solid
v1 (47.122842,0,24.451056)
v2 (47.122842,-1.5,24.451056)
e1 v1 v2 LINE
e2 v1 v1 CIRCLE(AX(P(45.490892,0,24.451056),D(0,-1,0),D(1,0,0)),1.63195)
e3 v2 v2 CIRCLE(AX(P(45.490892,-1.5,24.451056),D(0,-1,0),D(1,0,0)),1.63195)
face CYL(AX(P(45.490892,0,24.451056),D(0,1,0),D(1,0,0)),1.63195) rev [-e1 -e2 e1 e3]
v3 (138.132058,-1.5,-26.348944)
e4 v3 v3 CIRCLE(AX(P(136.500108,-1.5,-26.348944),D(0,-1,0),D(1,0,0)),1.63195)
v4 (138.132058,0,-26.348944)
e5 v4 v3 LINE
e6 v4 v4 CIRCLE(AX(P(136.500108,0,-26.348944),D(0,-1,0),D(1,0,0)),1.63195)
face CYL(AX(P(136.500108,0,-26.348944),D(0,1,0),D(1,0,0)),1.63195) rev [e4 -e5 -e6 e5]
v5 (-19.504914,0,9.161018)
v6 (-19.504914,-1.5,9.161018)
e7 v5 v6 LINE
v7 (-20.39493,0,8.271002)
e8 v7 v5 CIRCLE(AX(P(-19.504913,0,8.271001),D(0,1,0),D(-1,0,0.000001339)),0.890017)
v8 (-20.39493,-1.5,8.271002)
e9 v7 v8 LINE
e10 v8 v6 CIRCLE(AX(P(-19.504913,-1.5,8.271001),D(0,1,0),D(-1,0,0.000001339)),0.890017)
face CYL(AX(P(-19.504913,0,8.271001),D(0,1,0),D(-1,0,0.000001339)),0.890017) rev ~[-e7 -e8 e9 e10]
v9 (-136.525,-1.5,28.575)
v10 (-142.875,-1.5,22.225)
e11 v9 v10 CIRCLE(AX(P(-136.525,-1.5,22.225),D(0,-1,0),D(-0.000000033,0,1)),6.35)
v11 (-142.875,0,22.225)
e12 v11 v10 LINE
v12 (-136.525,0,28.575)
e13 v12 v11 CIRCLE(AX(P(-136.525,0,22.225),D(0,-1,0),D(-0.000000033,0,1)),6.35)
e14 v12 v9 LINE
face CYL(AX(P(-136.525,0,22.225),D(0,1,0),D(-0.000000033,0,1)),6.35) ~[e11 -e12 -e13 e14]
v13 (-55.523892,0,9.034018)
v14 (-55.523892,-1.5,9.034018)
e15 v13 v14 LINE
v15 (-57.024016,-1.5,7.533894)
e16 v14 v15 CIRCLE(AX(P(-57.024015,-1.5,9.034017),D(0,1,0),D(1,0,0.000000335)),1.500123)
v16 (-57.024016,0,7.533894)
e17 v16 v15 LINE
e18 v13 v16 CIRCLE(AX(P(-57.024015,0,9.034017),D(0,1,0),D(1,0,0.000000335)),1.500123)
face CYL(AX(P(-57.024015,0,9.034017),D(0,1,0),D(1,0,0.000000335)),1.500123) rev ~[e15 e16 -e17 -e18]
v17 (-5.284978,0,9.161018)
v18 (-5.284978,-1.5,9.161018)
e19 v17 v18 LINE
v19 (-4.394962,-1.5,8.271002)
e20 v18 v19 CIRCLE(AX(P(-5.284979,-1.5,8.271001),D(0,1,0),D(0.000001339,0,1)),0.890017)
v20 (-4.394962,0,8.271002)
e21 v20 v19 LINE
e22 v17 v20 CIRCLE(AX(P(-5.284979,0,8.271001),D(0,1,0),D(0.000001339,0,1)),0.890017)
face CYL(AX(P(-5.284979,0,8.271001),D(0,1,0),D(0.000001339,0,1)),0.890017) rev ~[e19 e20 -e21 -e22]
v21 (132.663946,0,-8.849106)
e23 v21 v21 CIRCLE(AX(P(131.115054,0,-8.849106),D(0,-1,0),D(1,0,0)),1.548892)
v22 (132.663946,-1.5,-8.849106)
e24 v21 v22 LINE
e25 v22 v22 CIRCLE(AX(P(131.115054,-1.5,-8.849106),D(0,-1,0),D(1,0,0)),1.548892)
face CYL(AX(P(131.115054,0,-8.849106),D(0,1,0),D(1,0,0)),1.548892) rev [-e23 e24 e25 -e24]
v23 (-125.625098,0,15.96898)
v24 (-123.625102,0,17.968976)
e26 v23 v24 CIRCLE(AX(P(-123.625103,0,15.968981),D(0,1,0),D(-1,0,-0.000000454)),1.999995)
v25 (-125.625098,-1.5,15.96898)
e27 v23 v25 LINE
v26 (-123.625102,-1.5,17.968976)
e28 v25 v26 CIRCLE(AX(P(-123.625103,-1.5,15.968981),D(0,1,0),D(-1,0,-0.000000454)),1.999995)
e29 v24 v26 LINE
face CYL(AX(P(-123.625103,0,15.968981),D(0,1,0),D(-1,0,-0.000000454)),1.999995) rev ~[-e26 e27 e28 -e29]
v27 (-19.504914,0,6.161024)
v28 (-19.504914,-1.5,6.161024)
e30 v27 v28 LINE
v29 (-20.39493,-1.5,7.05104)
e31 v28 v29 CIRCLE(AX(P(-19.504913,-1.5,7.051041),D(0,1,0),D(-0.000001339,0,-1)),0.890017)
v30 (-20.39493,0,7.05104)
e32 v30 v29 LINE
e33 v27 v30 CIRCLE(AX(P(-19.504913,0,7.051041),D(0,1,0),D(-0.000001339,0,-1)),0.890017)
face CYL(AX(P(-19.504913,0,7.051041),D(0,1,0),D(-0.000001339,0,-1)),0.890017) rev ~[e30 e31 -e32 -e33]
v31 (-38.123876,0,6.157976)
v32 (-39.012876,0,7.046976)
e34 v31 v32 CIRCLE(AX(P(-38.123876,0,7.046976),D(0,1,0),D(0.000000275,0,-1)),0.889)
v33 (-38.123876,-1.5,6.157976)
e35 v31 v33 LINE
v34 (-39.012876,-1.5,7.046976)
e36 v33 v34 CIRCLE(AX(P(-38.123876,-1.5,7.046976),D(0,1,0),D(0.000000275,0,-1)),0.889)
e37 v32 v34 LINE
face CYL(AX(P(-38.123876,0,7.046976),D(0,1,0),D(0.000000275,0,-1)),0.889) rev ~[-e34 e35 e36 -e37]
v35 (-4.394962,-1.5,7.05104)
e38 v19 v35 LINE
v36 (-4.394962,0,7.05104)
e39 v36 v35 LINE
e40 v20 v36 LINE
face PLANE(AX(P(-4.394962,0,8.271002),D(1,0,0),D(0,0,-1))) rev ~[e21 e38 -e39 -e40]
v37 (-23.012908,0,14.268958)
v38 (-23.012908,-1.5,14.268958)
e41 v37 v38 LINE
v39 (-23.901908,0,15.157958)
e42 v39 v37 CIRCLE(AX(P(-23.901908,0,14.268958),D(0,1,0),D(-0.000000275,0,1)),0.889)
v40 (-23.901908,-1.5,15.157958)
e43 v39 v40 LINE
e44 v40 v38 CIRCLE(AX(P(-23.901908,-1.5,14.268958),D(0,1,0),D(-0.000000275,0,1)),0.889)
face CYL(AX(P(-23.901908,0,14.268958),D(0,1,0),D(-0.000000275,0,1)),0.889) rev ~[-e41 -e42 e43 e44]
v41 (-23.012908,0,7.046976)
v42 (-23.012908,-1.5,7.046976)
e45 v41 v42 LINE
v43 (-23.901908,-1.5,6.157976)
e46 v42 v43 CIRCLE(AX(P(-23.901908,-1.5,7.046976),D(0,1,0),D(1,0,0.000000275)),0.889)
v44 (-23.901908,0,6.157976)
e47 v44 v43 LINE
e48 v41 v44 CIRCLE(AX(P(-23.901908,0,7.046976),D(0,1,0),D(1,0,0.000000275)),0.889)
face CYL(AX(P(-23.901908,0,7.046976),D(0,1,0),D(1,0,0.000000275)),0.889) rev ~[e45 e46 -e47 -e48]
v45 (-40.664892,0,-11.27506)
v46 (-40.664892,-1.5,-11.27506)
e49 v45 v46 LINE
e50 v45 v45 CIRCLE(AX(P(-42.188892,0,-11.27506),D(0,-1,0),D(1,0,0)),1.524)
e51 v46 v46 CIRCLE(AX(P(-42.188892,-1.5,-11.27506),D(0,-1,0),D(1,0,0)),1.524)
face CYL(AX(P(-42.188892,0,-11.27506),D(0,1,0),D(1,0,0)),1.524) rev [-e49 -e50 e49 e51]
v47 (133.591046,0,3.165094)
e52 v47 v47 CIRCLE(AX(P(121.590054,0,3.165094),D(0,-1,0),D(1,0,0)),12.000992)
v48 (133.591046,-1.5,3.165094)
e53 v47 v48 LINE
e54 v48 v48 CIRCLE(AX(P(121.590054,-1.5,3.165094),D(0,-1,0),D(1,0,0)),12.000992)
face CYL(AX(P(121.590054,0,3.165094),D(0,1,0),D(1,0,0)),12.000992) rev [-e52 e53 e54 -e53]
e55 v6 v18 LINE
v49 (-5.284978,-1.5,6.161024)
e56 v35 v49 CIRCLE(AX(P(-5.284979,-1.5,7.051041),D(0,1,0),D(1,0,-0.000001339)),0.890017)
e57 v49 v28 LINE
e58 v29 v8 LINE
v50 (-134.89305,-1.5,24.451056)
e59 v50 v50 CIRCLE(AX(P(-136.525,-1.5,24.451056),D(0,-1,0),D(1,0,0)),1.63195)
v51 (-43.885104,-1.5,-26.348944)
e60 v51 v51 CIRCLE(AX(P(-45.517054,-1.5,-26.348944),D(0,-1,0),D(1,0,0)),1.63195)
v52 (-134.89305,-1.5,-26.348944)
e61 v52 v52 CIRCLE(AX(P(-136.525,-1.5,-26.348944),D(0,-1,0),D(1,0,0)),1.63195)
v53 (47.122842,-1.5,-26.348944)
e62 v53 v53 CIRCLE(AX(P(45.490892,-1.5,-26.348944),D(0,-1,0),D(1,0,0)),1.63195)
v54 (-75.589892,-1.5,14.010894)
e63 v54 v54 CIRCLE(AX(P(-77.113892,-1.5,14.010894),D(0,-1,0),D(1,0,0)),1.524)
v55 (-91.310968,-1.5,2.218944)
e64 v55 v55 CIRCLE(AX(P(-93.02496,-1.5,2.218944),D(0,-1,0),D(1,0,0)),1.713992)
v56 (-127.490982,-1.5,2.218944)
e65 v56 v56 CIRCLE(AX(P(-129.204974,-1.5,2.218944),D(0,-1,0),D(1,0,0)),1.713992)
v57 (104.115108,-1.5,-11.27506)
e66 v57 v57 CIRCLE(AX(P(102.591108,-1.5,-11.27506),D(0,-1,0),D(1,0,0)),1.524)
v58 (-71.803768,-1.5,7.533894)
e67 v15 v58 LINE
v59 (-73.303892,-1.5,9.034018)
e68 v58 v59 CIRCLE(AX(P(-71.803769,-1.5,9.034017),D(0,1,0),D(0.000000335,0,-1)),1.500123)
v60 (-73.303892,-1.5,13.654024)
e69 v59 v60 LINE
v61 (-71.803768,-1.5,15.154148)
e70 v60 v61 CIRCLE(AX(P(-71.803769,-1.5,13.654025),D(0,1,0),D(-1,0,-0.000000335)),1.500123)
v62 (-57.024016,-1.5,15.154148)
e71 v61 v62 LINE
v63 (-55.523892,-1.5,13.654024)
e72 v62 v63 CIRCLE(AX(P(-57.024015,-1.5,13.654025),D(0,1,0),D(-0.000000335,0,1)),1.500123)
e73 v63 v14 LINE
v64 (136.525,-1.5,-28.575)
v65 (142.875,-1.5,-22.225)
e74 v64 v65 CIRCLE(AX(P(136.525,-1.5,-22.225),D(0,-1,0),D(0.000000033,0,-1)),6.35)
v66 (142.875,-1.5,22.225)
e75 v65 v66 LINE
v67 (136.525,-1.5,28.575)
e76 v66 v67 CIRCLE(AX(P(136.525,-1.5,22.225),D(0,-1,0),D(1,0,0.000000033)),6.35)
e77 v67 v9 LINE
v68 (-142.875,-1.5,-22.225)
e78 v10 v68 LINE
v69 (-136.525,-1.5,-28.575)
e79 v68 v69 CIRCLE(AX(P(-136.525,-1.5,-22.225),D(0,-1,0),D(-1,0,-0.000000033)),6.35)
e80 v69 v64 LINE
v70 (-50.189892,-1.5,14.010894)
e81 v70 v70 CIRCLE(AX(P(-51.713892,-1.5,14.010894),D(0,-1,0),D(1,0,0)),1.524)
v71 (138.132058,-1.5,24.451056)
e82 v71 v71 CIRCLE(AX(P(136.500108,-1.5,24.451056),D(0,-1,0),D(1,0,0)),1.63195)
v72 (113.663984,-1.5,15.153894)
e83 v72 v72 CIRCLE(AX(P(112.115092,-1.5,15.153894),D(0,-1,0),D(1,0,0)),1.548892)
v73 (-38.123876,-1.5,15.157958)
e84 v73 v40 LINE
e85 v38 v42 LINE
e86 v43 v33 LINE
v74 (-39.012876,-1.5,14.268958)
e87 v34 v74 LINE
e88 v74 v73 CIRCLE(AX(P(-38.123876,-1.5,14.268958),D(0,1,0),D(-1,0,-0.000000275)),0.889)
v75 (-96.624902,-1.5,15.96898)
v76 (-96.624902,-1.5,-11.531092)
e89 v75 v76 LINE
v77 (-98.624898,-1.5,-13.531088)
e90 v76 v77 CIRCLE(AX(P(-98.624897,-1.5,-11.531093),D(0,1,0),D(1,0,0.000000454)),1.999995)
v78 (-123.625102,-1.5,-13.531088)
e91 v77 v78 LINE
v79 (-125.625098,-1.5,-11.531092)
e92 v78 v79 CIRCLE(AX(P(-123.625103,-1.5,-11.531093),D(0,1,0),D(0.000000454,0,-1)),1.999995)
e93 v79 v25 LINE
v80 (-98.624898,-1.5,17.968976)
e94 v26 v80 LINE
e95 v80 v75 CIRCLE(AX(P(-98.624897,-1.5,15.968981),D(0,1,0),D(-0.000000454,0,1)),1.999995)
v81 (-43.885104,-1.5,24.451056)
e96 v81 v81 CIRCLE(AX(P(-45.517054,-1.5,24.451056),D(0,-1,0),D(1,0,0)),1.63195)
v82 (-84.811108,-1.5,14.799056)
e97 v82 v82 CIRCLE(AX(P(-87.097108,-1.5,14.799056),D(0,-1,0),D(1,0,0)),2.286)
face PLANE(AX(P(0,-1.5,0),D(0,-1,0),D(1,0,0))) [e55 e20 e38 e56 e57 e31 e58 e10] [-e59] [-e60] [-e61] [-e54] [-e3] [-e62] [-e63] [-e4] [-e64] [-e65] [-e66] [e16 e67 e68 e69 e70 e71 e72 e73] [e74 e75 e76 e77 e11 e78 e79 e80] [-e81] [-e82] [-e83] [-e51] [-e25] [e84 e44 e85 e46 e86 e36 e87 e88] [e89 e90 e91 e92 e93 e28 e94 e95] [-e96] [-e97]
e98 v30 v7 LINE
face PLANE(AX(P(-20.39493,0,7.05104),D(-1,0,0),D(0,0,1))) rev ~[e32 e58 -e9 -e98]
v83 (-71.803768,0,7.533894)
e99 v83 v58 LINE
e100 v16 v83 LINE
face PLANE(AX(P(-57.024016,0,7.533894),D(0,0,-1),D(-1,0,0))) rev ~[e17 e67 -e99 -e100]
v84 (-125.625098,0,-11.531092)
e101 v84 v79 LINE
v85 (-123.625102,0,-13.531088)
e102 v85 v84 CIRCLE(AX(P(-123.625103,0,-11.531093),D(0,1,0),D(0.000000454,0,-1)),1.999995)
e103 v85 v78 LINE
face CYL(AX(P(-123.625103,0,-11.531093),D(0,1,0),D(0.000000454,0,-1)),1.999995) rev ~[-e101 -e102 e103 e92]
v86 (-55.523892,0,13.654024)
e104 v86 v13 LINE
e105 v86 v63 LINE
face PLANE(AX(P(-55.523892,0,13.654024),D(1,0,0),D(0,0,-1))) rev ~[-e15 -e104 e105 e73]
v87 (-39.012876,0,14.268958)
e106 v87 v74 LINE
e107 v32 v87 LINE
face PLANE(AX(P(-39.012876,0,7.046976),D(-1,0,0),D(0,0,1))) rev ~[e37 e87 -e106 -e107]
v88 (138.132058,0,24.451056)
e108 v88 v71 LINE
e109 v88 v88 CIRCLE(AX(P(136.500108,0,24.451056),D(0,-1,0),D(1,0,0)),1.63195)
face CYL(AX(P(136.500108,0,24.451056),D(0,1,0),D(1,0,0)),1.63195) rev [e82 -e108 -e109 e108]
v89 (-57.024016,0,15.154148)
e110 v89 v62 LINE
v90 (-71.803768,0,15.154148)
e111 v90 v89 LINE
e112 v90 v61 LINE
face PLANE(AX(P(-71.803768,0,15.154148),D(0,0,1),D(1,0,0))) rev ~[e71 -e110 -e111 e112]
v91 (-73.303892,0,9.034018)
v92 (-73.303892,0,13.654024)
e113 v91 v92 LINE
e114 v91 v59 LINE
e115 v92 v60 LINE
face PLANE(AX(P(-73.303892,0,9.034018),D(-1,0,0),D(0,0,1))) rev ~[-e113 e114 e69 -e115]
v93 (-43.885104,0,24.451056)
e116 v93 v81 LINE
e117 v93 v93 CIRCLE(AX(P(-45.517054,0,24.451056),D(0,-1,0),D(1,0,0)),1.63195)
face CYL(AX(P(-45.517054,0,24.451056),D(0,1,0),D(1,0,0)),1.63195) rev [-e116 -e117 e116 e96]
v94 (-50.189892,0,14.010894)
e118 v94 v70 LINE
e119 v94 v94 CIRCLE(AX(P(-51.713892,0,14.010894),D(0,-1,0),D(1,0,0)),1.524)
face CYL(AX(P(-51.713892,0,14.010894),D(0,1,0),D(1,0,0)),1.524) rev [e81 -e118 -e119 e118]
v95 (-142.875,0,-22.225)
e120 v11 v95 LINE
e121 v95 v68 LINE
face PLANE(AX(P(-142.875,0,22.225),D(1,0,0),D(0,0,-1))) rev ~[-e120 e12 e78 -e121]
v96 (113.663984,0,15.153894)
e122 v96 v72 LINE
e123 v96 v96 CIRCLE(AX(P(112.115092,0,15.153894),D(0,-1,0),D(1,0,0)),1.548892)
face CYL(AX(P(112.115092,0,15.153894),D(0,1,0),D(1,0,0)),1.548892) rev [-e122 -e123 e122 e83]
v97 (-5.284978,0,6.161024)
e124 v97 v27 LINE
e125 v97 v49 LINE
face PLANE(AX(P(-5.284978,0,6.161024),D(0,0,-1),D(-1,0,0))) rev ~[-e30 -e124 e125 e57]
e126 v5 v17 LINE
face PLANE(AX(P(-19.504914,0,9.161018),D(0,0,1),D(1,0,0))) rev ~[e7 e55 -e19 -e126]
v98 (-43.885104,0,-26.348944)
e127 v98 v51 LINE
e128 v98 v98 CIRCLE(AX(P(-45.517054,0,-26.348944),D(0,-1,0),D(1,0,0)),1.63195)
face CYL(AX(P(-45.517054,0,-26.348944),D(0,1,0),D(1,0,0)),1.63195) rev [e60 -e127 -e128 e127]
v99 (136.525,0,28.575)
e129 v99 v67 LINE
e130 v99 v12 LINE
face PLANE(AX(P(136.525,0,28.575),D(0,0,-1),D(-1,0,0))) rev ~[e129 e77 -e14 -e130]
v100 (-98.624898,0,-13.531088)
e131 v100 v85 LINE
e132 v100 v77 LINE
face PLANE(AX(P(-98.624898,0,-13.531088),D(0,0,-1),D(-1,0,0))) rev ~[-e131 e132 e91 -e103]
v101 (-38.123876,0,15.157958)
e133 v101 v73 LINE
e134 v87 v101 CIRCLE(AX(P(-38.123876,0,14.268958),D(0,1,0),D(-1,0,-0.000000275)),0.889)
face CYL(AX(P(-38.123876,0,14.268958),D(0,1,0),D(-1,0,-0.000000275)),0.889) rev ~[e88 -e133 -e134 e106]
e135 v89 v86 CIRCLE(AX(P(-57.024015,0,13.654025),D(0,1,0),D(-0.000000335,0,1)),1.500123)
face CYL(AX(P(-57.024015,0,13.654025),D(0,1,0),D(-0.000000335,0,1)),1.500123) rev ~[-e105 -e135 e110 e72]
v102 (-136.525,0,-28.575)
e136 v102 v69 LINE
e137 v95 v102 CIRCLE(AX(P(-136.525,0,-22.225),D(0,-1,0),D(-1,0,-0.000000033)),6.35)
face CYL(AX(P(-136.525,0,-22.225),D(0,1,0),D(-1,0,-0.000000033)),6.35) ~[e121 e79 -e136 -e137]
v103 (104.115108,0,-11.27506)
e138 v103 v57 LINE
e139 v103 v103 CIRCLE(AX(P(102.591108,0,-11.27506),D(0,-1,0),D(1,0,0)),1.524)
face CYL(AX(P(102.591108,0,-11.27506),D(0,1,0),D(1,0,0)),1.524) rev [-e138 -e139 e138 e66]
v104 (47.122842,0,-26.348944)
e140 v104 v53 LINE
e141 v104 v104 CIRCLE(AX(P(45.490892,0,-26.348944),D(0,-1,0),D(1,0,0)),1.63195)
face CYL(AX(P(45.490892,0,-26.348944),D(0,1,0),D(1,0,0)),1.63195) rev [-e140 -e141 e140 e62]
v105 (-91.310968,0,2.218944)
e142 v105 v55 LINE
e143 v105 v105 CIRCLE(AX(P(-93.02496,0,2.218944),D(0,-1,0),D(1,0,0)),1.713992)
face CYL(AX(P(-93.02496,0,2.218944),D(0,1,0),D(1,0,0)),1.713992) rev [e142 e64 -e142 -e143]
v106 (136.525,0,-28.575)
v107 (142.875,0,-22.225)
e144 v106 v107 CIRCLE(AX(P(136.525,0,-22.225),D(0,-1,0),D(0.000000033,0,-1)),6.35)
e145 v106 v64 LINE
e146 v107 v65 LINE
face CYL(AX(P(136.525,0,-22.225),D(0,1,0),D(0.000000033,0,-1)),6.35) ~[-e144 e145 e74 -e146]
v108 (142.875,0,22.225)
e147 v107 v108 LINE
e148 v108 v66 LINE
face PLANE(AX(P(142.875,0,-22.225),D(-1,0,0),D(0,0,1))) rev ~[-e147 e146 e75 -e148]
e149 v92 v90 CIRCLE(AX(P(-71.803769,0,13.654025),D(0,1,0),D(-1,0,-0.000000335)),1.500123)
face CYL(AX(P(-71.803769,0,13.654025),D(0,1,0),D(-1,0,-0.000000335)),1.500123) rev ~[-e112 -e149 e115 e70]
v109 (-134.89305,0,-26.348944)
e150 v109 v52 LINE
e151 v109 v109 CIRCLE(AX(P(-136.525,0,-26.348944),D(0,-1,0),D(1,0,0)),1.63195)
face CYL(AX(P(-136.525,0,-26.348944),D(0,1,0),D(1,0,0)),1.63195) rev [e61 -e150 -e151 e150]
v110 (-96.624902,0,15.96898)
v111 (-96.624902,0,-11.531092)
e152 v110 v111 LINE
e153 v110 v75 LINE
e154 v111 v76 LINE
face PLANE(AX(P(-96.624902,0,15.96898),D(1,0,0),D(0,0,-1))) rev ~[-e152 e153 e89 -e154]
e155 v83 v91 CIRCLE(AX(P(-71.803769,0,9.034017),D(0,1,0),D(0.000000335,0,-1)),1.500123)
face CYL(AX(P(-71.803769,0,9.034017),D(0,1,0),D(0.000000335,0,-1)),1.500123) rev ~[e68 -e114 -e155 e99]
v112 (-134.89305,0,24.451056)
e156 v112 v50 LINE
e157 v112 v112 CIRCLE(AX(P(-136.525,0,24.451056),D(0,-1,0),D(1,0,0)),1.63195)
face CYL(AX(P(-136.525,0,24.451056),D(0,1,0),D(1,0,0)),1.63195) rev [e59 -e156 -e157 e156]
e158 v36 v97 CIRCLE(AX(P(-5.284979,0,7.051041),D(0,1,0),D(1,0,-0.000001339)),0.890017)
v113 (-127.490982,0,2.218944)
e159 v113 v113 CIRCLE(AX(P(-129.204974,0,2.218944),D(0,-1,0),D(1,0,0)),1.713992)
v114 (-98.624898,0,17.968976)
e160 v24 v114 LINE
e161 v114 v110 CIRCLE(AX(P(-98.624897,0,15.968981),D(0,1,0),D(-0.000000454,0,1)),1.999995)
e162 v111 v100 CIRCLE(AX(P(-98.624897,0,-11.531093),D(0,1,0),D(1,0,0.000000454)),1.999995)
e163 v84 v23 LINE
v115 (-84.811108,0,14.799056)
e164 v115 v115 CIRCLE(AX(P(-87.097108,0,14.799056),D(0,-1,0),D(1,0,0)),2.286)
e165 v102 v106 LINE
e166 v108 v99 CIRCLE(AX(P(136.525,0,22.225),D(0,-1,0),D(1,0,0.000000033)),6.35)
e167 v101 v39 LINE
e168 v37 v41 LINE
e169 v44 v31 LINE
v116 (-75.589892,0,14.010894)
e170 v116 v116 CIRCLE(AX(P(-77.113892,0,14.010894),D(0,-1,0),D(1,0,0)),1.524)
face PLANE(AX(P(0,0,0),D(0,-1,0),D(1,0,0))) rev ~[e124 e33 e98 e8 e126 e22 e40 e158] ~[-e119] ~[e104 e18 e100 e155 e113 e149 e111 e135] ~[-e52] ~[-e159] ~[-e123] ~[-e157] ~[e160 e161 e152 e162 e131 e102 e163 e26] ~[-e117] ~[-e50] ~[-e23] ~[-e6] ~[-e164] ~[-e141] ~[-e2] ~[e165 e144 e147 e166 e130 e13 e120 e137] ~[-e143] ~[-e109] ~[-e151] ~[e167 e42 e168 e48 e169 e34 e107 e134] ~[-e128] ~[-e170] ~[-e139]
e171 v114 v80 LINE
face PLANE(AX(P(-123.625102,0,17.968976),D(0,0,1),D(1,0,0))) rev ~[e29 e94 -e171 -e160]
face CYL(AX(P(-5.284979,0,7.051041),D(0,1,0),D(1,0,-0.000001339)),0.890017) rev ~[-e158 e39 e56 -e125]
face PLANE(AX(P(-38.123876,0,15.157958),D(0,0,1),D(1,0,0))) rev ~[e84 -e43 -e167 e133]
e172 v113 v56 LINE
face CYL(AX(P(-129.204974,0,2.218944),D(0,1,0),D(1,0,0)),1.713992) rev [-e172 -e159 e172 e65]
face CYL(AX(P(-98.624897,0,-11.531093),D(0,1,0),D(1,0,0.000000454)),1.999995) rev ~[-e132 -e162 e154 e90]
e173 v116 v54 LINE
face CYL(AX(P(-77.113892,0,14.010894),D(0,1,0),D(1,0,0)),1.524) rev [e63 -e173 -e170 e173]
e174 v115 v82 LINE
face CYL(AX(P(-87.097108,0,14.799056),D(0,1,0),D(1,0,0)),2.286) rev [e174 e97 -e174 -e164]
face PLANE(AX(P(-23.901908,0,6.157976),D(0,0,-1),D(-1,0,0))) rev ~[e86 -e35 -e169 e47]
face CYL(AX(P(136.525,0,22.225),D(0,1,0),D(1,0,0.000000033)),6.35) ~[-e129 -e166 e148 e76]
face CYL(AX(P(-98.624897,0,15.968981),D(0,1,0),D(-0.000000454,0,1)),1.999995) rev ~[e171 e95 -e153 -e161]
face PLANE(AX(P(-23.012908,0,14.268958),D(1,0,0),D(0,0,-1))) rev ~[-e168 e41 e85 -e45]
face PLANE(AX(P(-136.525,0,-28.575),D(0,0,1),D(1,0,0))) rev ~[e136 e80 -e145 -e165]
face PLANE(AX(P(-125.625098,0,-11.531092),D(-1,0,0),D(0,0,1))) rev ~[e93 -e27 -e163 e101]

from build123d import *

# Parameters (mm, degrees)
F0_R     = 1.63195
F0_R_2   = 1.524
F0_R_3   = 1.548892
F0_R_4   = 1.713992
F0_R_5   = 2.286
F0_R_6   = 12.000992
F1_DEPTH = 1.5


with BuildPart() as f1:
    # F0 (on Front) → F1 (new body)
    with BuildSketch(Plane.XZ):
        with BuildLine():
            ThreePointArc((142.875, 22.225), (141.015128, 26.715128), (136.525, 28.575))
            Line((136.525, 28.575), (-136.525, 28.575))
            ThreePointArc((-136.525, 28.575), (-141.015128, 26.715128), (-142.875, 22.225))
            Line((-142.875, 22.225), (-142.875, -22.225))
            ThreePointArc((-142.875, -22.225), (-141.015128, -26.715128), (-136.525, -28.575))
            Line((-136.525, -28.575), (136.525, -28.575))
            ThreePointArc((136.525, -28.575), (141.015128, -26.715128), (142.875, -22.225))
            Line((142.875, -22.225), (142.875, 22.225))
        make_face()
        with Locations((-136.525, -26.348944)):
            Circle(F0_R, mode=Mode.SUBTRACT)
        with Locations((-45.517054, -26.348944)):
            Circle(F0_R, mode=Mode.SUBTRACT)
        with Locations((-42.188892, -11.27506)):
            Circle(F0_R_2, mode=Mode.SUBTRACT)
        with Locations((45.490892, -26.348944)):
            Circle(F0_R, mode=Mode.SUBTRACT)
        with Locations((136.500108, -26.348944)):
            Circle(F0_R, mode=Mode.SUBTRACT)
        with Locations((102.591108, -11.27506)):
            Circle(F0_R_2, mode=Mode.SUBTRACT)
        with Locations((131.115054, -8.849106)):
            Circle(F0_R_3, mode=Mode.SUBTRACT)
        with Locations((-129.204974, 2.218944)):
            Circle(F0_R_4, mode=Mode.SUBTRACT)
        with BuildLine():
            ThreePointArc((-98.624898, 17.968976), (-97.210687, 17.383191), (-96.624902, 15.96898))
            Line((-96.624902, 15.96898), (-96.624902, -11.531092))
            ThreePointArc((-96.624902, -11.531092), (-97.210687, -12.945303), (-98.624898, -13.531088))
            Line((-98.624898, -13.531088), (-123.625102, -13.531088))
            ThreePointArc((-123.625102, -13.531088), (-125.039313, -12.945303), (-125.625098, -11.531092))
            Line((-125.625098, -11.531092), (-125.625098, 15.96898))
            ThreePointArc((-125.625098, 15.96898), (-125.039313, 17.383191), (-123.625102, 17.968976))
            Line((-123.625102, 17.968976), (-98.624898, 17.968976))
        make_face(mode=Mode.SUBTRACT)
        with Locations((-93.02496, 2.218944)):
            Circle(F0_R_4, mode=Mode.SUBTRACT)
        with Locations((-77.113892, 14.010894)):
            Circle(F0_R_2, mode=Mode.SUBTRACT)
        with BuildLine():
            ThreePointArc((-73.303892, 13.654024), (-72.864516, 14.714772), (-71.803768, 15.154148))
            Line((-71.803768, 15.154148), (-57.024016, 15.154148))
            ThreePointArc((-57.024016, 15.154148), (-55.963268, 14.714772), (-55.523892, 13.654024))
            Line((-55.523892, 13.654024), (-55.523892, 9.034018))
            ThreePointArc((-55.523892, 9.034018), (-55.963268, 7.97327), (-57.024016, 7.533894))
            Line((-57.024016, 7.533894), (-71.803768, 7.533894))
            ThreePointArc((-71.803768, 7.533894), (-72.864516, 7.97327), (-73.303892, 9.034018))
            Line((-73.303892, 9.034018), (-73.303892, 13.654024))
        make_face(mode=Mode.SUBTRACT)
        with Locations((-51.713892, 14.010894)):
            Circle(F0_R_2, mode=Mode.SUBTRACT)
        with BuildLine():
            ThreePointArc((-39.012876, 14.268958), (-38.752494, 14.897576), (-38.123876, 15.157958))
            Line((-38.123876, 15.157958), (-23.901908, 15.157958))
            ThreePointArc((-23.901908, 15.157958), (-23.27329, 14.897576), (-23.012908, 14.268958))
            Line((-23.012908, 14.268958), (-23.012908, 7.046976))
            ThreePointArc((-23.012908, 7.046976), (-23.27329, 6.418358), (-23.901908, 6.157976))
            Line((-23.901908, 6.157976), (-38.123876, 6.157976))
            ThreePointArc((-38.123876, 6.157976), (-38.752494, 6.418358), (-39.012876, 7.046976))
            Line((-39.012876, 7.046976), (-39.012876, 14.268958))
        make_face(mode=Mode.SUBTRACT)
        with BuildLine():
            ThreePointArc((-5.284978, 9.161018), (-4.655642, 8.900338), (-4.394962, 8.271002))
            Line((-4.394962, 8.271002), (-4.394962, 7.05104))
            ThreePointArc((-4.394962, 7.05104), (-4.655642, 6.421704), (-5.284978, 6.161024))
            Line((-5.284978, 6.161024), (-19.504914, 6.161024))
            ThreePointArc((-19.504914, 6.161024), (-20.13425, 6.421704), (-20.39493, 7.05104))
            Line((-20.39493, 7.05104), (-20.39493, 8.271002))
            ThreePointArc((-20.39493, 8.271002), (-20.13425, 8.900338), (-19.504914, 9.161018))
            Line((-19.504914, 9.161018), (-5.284978, 9.161018))
        make_face(mode=Mode.SUBTRACT)
        with Locations((-87.097108, 14.799056)):
            Circle(F0_R_5, mode=Mode.SUBTRACT)
        with Locations((-136.525, 24.451056)):
            Circle(F0_R, mode=Mode.SUBTRACT)
        with Locations((-45.517054, 24.451056)):
            Circle(F0_R, mode=Mode.SUBTRACT)
        with Locations((121.590054, 3.165094)):
            Circle(F0_R_6, mode=Mode.SUBTRACT)
        with Locations((45.490892, 24.451056)):
            Circle(F0_R, mode=Mode.SUBTRACT)
        with Locations((112.115092, 15.153894)):
            Circle(F0_R_3, mode=Mode.SUBTRACT)
        with Locations((136.500108, 24.451056)):
            Circle(F0_R, mode=Mode.SUBTRACT)
    extrude(amount=F1_DEPTH)


solid = f1.part
